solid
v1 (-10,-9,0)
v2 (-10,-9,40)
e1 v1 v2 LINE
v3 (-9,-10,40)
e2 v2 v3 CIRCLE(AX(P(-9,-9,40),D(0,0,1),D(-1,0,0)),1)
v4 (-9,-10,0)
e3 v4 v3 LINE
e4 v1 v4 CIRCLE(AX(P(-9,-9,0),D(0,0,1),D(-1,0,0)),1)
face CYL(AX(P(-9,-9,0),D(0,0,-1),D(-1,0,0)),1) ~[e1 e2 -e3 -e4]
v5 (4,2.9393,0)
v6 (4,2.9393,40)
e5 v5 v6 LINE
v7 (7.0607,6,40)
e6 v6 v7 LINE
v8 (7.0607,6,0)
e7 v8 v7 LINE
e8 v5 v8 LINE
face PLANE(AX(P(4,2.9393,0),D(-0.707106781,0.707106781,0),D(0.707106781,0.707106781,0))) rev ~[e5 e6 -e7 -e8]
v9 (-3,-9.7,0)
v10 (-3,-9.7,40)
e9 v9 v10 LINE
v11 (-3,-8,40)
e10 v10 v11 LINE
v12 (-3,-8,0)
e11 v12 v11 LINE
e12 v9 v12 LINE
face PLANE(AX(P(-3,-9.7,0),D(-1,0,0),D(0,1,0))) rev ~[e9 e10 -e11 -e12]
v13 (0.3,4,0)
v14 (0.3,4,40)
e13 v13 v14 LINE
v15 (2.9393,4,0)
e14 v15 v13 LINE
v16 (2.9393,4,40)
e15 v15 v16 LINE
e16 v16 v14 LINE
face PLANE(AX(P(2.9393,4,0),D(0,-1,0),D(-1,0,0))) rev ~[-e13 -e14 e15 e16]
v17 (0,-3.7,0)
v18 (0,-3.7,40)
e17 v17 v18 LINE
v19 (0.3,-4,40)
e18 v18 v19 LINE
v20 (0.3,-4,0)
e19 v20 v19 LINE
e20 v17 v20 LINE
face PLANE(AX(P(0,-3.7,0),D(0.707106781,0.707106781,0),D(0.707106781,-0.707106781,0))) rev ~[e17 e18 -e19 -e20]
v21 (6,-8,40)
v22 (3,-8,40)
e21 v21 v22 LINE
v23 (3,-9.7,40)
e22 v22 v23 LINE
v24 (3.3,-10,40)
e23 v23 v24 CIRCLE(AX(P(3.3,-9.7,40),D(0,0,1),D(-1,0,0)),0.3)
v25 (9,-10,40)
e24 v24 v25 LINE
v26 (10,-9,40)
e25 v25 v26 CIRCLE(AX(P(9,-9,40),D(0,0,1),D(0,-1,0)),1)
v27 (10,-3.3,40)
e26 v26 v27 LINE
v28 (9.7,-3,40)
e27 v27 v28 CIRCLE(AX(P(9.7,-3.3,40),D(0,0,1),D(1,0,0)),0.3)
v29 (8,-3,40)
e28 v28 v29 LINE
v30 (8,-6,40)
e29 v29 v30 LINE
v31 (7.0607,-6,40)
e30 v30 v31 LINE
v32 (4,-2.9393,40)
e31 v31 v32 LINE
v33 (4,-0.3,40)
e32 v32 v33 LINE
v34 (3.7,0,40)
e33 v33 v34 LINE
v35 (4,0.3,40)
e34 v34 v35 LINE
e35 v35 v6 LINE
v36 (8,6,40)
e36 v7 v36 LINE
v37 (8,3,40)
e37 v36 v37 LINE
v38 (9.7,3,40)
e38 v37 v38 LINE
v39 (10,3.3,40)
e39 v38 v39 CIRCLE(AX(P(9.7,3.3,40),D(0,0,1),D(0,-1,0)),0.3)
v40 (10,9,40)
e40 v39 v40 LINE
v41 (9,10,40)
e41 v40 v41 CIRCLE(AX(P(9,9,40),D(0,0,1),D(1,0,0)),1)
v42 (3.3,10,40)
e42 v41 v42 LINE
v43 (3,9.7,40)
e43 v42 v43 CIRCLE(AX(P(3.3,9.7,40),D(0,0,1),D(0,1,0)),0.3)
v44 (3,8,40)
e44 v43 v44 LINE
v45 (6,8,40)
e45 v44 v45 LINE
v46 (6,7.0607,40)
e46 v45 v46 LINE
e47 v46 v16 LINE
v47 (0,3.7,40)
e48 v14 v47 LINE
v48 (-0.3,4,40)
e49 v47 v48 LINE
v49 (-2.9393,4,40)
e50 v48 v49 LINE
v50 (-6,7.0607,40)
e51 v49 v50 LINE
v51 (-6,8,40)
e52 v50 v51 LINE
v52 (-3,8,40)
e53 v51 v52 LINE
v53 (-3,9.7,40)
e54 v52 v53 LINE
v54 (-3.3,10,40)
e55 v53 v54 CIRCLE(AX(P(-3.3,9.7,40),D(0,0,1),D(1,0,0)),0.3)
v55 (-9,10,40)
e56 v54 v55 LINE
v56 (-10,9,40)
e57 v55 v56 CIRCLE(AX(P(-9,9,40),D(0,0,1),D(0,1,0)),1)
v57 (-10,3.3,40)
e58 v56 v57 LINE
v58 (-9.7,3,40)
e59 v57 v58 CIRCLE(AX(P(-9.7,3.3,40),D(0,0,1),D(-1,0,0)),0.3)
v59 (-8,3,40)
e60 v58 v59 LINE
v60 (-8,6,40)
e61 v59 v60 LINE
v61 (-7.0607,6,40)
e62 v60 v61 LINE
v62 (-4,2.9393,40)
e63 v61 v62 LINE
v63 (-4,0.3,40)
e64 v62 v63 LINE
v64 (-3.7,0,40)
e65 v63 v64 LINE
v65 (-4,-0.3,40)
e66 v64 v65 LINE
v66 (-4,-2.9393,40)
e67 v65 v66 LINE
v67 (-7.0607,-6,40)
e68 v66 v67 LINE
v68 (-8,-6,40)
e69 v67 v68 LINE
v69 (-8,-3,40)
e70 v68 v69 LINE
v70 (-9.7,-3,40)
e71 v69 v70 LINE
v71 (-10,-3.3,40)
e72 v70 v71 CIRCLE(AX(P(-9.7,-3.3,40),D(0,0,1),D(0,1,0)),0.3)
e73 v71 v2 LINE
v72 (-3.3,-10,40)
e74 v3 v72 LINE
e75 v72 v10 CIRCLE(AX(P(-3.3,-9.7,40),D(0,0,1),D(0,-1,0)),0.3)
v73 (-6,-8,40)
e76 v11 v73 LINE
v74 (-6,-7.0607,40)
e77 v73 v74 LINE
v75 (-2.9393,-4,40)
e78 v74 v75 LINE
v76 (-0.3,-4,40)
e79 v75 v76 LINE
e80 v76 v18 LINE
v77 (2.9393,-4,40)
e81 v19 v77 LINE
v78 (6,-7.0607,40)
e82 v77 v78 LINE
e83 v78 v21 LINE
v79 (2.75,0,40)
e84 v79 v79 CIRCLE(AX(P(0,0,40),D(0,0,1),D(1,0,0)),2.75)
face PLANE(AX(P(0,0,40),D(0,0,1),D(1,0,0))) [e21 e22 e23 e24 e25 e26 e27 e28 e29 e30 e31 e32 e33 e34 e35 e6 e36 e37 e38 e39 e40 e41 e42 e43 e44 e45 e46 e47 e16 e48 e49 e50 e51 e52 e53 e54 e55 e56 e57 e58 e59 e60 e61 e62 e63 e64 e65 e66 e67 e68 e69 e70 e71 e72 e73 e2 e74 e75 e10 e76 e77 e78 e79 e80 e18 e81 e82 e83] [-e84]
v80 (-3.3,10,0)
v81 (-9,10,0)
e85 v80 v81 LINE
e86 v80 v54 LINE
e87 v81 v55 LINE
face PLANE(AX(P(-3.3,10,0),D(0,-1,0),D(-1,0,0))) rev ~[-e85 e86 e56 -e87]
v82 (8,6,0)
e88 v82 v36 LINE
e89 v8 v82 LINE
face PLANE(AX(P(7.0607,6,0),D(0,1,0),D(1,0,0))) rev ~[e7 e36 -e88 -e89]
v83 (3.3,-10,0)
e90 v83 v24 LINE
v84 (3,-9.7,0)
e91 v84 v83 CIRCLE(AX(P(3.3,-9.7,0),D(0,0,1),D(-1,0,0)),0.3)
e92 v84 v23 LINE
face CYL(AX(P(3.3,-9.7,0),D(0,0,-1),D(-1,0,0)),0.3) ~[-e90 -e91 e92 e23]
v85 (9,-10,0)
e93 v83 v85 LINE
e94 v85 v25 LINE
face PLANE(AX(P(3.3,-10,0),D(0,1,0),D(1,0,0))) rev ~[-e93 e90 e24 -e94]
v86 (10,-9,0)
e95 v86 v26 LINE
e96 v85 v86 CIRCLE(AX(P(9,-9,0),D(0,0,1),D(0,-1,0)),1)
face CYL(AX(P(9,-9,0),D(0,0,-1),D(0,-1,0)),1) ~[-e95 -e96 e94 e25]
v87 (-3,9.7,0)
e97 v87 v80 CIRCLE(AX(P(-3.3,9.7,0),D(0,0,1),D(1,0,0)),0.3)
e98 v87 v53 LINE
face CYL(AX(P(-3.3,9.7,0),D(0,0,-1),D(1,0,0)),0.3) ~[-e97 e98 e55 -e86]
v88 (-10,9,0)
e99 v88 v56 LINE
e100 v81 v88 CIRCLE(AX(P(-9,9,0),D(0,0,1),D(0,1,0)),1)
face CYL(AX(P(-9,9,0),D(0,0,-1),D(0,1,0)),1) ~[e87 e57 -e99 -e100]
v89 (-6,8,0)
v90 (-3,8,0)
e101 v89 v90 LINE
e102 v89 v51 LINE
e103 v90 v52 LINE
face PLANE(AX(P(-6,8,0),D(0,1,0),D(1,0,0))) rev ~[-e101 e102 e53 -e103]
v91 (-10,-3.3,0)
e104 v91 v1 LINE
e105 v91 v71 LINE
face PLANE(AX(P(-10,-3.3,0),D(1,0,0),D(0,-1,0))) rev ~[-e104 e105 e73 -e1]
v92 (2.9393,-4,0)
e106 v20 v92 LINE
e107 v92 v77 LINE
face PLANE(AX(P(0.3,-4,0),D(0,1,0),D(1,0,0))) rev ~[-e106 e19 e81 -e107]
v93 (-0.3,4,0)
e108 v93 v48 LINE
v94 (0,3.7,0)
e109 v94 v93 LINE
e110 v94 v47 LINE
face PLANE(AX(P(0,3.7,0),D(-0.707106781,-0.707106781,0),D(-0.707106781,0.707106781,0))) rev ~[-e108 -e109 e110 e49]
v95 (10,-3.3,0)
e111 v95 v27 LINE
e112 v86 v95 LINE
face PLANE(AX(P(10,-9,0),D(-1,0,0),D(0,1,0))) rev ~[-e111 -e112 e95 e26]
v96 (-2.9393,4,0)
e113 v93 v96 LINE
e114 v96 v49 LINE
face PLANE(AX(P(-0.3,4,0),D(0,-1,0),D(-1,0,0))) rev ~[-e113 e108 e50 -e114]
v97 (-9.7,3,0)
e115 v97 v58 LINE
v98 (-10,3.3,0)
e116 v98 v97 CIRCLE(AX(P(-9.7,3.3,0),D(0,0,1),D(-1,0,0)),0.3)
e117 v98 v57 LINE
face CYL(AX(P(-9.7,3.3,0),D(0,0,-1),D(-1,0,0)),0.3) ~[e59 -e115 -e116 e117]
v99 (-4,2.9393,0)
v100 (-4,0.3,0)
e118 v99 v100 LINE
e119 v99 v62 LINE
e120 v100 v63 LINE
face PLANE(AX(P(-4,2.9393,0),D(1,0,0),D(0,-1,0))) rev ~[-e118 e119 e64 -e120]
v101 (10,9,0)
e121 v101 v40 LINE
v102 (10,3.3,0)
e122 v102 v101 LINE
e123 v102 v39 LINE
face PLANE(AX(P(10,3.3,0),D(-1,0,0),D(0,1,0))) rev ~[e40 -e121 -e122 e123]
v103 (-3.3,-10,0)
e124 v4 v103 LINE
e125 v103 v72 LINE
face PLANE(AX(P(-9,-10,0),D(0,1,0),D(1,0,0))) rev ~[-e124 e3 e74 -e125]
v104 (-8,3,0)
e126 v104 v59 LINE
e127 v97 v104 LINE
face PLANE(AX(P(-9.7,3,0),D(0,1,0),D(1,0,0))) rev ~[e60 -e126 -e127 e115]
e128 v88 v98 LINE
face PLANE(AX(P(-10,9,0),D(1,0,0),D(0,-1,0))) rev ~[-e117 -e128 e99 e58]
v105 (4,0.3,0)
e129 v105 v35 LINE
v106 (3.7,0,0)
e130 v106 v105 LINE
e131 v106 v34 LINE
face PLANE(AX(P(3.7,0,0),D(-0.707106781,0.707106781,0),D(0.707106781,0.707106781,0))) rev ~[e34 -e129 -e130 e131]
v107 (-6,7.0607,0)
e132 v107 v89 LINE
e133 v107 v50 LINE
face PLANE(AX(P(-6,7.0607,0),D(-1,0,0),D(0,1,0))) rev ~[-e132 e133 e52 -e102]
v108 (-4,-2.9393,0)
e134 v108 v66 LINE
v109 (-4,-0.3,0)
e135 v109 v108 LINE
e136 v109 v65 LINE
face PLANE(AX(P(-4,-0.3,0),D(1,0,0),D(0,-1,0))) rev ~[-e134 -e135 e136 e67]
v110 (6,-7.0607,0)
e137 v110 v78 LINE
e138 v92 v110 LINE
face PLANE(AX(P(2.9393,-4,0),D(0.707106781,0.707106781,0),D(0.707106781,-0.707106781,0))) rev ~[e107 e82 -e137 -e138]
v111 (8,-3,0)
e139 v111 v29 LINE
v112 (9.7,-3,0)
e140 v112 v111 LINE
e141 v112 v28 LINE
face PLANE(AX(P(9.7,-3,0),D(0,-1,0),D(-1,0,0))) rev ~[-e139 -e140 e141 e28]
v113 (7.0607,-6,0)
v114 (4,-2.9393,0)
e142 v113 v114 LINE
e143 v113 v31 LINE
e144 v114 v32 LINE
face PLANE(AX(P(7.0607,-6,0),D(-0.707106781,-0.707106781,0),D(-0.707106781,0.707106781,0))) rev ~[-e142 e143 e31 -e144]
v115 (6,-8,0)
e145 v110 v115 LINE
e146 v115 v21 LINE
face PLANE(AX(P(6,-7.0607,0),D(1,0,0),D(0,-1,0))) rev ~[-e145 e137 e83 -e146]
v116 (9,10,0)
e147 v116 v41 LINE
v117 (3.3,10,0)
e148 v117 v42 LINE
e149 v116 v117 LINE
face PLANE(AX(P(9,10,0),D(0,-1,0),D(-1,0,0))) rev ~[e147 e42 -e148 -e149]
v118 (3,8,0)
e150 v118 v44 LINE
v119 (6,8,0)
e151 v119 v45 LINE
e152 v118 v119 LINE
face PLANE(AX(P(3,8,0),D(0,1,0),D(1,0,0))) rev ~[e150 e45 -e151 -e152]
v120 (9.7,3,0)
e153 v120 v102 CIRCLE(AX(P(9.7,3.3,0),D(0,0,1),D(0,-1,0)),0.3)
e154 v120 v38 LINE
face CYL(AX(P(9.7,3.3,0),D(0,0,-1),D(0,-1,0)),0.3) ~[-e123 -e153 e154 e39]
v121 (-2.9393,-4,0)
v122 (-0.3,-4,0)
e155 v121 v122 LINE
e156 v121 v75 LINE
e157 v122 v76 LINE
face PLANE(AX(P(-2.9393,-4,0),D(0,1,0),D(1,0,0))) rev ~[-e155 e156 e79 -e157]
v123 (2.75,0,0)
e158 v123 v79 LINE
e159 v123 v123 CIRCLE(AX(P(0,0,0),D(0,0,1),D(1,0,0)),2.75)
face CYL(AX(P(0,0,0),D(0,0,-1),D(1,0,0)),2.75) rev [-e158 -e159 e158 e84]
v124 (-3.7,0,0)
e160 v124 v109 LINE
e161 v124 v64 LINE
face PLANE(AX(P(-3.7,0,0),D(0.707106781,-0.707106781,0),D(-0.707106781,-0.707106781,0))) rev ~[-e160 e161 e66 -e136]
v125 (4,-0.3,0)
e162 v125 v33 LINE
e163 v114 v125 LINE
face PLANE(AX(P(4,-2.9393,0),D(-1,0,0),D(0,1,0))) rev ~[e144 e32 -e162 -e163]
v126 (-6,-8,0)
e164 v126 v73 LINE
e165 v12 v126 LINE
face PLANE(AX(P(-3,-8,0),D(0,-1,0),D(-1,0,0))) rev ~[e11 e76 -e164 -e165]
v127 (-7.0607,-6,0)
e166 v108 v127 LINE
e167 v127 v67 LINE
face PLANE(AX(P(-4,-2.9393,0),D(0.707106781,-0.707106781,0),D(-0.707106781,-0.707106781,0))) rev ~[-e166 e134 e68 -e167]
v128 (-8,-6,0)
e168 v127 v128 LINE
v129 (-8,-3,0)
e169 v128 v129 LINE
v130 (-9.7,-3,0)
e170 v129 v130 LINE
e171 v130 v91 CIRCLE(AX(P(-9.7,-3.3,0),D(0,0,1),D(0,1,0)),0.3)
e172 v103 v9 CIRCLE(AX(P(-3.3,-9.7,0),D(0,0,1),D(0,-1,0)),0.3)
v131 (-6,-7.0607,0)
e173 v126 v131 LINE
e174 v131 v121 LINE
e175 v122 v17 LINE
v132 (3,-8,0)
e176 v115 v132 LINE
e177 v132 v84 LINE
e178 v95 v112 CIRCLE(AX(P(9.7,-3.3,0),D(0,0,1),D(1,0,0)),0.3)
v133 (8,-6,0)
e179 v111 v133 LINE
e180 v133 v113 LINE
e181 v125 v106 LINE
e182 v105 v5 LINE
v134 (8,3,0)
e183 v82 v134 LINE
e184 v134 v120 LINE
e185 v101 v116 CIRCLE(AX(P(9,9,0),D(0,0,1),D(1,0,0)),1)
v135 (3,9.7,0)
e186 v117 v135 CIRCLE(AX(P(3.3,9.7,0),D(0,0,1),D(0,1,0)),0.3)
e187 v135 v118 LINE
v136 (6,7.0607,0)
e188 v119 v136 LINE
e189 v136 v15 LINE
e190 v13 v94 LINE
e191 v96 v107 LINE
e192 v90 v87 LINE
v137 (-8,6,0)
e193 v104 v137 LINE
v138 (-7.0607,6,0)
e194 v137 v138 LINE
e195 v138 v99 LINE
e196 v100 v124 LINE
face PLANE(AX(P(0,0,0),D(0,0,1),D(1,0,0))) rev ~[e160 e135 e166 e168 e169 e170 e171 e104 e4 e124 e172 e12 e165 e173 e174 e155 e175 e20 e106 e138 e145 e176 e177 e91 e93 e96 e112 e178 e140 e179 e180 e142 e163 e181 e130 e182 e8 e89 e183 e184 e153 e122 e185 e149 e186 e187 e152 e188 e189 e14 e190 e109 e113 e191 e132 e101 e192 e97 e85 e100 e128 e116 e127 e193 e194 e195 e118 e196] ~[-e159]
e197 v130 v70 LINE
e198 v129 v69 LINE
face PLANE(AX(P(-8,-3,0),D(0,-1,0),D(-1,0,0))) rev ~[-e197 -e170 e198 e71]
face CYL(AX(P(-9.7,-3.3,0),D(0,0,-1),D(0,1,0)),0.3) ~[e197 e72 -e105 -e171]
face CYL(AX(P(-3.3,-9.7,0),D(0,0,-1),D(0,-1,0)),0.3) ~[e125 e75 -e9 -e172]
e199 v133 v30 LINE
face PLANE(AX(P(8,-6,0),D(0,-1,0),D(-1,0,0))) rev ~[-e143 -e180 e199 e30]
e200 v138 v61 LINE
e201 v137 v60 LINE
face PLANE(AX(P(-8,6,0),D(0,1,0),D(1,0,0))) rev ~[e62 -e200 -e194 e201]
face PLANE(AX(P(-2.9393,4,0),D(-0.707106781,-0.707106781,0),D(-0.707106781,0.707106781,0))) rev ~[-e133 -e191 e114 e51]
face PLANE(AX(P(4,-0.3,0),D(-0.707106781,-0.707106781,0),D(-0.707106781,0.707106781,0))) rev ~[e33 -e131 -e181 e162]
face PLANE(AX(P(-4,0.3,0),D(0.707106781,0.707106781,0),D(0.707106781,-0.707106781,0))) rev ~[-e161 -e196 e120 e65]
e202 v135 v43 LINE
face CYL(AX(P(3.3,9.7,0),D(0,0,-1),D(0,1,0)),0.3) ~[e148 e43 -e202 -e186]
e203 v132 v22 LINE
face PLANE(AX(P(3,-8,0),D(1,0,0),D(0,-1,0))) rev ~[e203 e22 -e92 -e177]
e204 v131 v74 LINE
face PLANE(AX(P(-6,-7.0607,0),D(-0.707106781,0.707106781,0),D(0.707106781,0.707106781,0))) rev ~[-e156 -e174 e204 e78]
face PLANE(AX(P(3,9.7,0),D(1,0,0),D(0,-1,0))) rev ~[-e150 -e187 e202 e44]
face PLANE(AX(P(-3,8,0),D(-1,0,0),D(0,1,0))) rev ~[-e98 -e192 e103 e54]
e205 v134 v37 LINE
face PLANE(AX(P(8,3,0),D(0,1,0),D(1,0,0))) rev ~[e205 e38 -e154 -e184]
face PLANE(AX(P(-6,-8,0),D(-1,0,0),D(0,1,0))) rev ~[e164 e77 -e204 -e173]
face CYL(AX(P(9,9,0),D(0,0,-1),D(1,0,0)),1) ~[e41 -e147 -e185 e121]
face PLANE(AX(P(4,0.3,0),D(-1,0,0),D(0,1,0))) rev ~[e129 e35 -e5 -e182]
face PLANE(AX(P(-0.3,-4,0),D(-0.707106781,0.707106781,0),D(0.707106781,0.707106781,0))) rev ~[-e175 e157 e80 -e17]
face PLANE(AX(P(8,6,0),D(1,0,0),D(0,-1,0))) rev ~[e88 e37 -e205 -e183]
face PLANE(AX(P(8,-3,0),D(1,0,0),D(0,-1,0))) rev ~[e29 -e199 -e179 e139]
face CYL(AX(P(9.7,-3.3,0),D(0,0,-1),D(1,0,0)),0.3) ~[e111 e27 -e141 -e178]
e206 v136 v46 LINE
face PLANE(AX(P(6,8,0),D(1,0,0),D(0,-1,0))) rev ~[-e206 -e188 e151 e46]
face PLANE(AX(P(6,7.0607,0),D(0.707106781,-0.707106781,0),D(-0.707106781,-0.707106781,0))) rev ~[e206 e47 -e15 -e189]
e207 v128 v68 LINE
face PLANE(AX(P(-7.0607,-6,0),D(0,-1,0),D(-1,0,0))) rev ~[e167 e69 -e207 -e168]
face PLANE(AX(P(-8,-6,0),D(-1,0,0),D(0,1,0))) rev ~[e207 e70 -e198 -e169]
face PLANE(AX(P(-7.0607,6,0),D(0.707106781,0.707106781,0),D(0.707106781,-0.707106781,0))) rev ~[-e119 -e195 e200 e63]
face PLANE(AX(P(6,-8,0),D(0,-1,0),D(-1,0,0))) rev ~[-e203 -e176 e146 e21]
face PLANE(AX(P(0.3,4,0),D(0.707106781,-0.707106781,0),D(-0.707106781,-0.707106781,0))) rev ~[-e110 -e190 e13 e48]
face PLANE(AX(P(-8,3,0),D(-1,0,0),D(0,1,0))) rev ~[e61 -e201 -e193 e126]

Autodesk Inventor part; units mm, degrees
ref_plane "Startebene" through (0, 0, 0) normal (0, 0, 1) x (1, 0, 0)
ref_plane "Endebene" through (0, 0, 320) normal (0, 0, 1) x (1, 0, 0)
ref_plane "Startebene1" through (0, 0, 0) normal (0, 0, 1) x (1, 0, 0)
ref_plane "Endebene1" through (0, 0, 40) normal (0, 0, 1) x (1, 0, 0)
ref_plane "Startebene2" through (0, 0, 0) normal (0, 0, 1) x (1, 0, 0)
ref_plane "Endebene2" through (0, 0, 40) normal (0, 0, 1) x (1, 0, 0)
ref_plane "Startebene3" through (0, 0, 0) normal (0, 0, 1) x (1, 0, 0)
ref_plane "Endebene3" through (0, 0, 40) normal (0, 0, 1) x (1, 0, 0)
sketch "Skizze" plane through (0, 0, 0) normal (0, 0, 1) x (1, 0, 0)
  line L0 (-10, 9) -> (-10, 3.3)
  arc A0 (-10, 3.3) -> (-9.7, 3) centre (-9.7, 3.3) ccw
  line L1 (-9.7, 3) -> (-8, 3)
  line L2 (-8, 3) -> (-8, 6)
  line L3 (-8, 6) -> (-7.0607, 6)
  line L4 (-7.0607, 6) -> (-4, 2.9393)
  line L5 (-4, 2.9393) -> (-4, 0.3)
  line L6 (-4, 0.3) -> (-3.7, 0)
  line L7 (-3.7, 0) -> (-4, -0.3)
  line L8 (-4, -0.3) -> (-4, -2.9393)
  line L9 (-4, -2.9393) -> (-7.0607, -6)
  line L10 (-7.0607, -6) -> (-8, -6)
  line L11 (-8, -6) -> (-8, -3)
  line L12 (-8, -3) -> (-9.7, -3)
  arc A1 (-9.7, -3) -> (-10, -3.3) centre (-9.7, -3.3) ccw
  line L13 (-10, -3.3) -> (-10, -9)
  arc A2 (-10, -9) -> (-9, -10) centre (-9, -9) ccw
  line L14 (-9, -10) -> (-3.3, -10)
  arc A3 (-3.3, -10) -> (-3, -9.7) centre (-3.3, -9.7) ccw
  line L15 (-3, -9.7) -> (-3, -8)
  line L16 (-3, -8) -> (-6, -8)
  line L17 (-6, -8) -> (-6, -7.0607)
  line L18 (-6, -7.0607) -> (-2.9393, -4)
  line L19 (-2.9393, -4) -> (-0.3, -4)
  line L20 (-0.3, -4) -> (0, -3.7)
  line L21 (0, -3.7) -> (0.3, -4)
  line L22 (0.3, -4) -> (2.9393, -4)
  line L23 (2.9393, -4) -> (6, -7.0607)
  line L24 (6, -7.0607) -> (6, -8)
  line L25 (6, -8) -> (3, -8)
  line L26 (3, -8) -> (3, -9.7)
  arc A4 (3, -9.7) -> (3.3, -10) centre (3.3, -9.7) ccw
  line L27 (3.3, -10) -> (9, -10)
  arc A5 (9, -10) -> (10, -9) centre (9, -9) ccw
  line L28 (10, -9) -> (10, -3.3)
  arc A6 (10, -3.3) -> (9.7, -3) centre (9.7, -3.3) ccw
  line L29 (9.7, -3) -> (8, -3)
  line L30 (8, -3) -> (8, -6)
  line L31 (8, -6) -> (7.0607, -6)
  line L32 (7.0607, -6) -> (4, -2.9393)
  line L33 (4, -2.9393) -> (4, -0.3)
  line L34 (4, -0.3) -> (3.7, 0)
  line L35 (3.7, 0) -> (4, 0.3)
  line L36 (4, 0.3) -> (4, 2.9393)
  line L37 (4, 2.9393) -> (7.0607, 6)
  line L38 (7.0607, 6) -> (8, 6)
  line L39 (8, 6) -> (8, 3)
  line L40 (8, 3) -> (9.7, 3)
  arc A7 (9.7, 3) -> (10, 3.3) centre (9.7, 3.3) ccw
  line L41 (10, 3.3) -> (10, 9)
  arc A8 (10, 9) -> (9, 10) centre (9, 9) ccw
  line L42 (9, 10) -> (3.3, 10)
  arc A9 (3.3, 10) -> (3, 9.7) centre (3.3, 9.7) ccw
  line L43 (3, 9.7) -> (3, 8)
  line L44 (3, 8) -> (6, 8)
  line L45 (6, 8) -> (6, 7.0607)
  line L46 (6, 7.0607) -> (2.9393, 4)
  line L47 (2.9393, 4) -> (0.3, 4)
  line L48 (0.3, 4) -> (0, 3.7)
  line L49 (0, 3.7) -> (-0.3, 4)
  line L50 (-0.3, 4) -> (-2.9393, 4)
  line L51 (-2.9393, 4) -> (-6, 7.0607)
  line L52 (-6, 7.0607) -> (-6, 8)
  line L53 (-6, 8) -> (-3, 8)
  line L54 (-3, 8) -> (-3, 9.7)
  arc A10 (-3, 9.7) -> (-3.3, 10) centre (-3.3, 9.7) ccw
  line L55 (-3.3, 10) -> (-9, 10)
  arc A11 (-9, 10) -> (-10, 9) centre (-9, 9) ccw
  circle A12 centre (0, 0) radius 2.75
  dimension "d2" = 5.5
  dimension "d3" = 10
  dimension "d4" = 10
  dimension "d5" = 5.7
  dimension "d6" = 5.7
  dimension "d7" = 1.7
  dimension "d8" = 3
  dimension "d9" = 0.3
  dimension "d10" = 90
  dimension "d11" = 45
  dimension "d12" = 45
  dimension "d13" = 45
  dimension "d14" = 90
  dimension "d15" = 90
  dimension "d16" = 45
  dimension "d17" = 45
  dimension "d18" = 45
  dimension "d19" = 45
  dimension "d20" = 90
  dimension "d21" = 90
  dimension "d22" = 45
  dimension "d23" = 45
  dimension "d24" = 90
  dimension "d25" = 90
  dimension "d26" = 90
  dimension "d27" = 90
  dimension "d28" = 90
  dimension "d29" = 90
  dimension "d30" = 90
  dimension "d31" = 90
  dimension "d32" = 90
  dimension "d33" = 90
  dimension "d34" = 90
  dimension "d35" = 90
  dimension "d36" = 90
  dimension "d37" = 90
  dimension "d38" = 90
  dimension "d39" = 4
  dimension "d40" = 6
  dimension "d41" = 13
  dimension "d42" = 14
  dimension "d43" = 16
  dimension "d44" = 18
  dimension "d45" = 3
  dimension "d46" = 9
  dimension "d47" = 7
  dimension "d48" = 1
  dimension "d49" = 7
  dimension "d50" = 1.5
  dimension "d51" = 1.8663
  dimension "d52" = 3.3663
  dimension "d53" = 1.5
  dimension "d54" = 1.8663
  dimension "d55" = 3.3663
  dimension "d56" = 4
  dimension "d57" = 10.8187
  dimension "d58" = 1.9092
  dimension "d59" = 5
  dimension "d60" = 13
  dimension "d61" = 13
  dimension "d62" = 16.0513
  dimension "d63" = 3.3234
  dimension "d64" = 14
  dimension "d65" = 12.685
extrude "Körper" add sketch "Skizze" along normal up to surface (40 mm away) from surface at 0
sketch "Skizze21" plane through (0, 0, 0) normal (0, 0, 1) x (1, 0, 0)
  line L0 (0, 0) -> (10, 0)
ref_plane "Arbeitsebene18" through (0, 0, 0) normal (0, -1, 0) x (1, 0, 0)
sketch "Skizze22" plane through (0, 0, 0) normal (0, -1, 0) x (1, 0, 0)
  line L0 (-14, 0) -> (14, 0)
  line L1 (-14, 40) -> (14, 40)
  dimension "d80" = 40
equation "\"G_OFFSET_START\" = 0"
equation "\"G_OFFSET_END\" = 0"
equation "\"G_L\" = d80"
equation "\"G_OFFSET_START1\" = 0"
equation "\"G_OFFSET_END1\" = 0"
equation "\"G_OFFSET_START2\" = 0"
equation "\"G_OFFSET_END2\" = 0"
equation "\"G_OFFSET_START3\" = 0"
equation "\"G_OFFSET_END3\" = 0"
properties part number "1658556099951"
